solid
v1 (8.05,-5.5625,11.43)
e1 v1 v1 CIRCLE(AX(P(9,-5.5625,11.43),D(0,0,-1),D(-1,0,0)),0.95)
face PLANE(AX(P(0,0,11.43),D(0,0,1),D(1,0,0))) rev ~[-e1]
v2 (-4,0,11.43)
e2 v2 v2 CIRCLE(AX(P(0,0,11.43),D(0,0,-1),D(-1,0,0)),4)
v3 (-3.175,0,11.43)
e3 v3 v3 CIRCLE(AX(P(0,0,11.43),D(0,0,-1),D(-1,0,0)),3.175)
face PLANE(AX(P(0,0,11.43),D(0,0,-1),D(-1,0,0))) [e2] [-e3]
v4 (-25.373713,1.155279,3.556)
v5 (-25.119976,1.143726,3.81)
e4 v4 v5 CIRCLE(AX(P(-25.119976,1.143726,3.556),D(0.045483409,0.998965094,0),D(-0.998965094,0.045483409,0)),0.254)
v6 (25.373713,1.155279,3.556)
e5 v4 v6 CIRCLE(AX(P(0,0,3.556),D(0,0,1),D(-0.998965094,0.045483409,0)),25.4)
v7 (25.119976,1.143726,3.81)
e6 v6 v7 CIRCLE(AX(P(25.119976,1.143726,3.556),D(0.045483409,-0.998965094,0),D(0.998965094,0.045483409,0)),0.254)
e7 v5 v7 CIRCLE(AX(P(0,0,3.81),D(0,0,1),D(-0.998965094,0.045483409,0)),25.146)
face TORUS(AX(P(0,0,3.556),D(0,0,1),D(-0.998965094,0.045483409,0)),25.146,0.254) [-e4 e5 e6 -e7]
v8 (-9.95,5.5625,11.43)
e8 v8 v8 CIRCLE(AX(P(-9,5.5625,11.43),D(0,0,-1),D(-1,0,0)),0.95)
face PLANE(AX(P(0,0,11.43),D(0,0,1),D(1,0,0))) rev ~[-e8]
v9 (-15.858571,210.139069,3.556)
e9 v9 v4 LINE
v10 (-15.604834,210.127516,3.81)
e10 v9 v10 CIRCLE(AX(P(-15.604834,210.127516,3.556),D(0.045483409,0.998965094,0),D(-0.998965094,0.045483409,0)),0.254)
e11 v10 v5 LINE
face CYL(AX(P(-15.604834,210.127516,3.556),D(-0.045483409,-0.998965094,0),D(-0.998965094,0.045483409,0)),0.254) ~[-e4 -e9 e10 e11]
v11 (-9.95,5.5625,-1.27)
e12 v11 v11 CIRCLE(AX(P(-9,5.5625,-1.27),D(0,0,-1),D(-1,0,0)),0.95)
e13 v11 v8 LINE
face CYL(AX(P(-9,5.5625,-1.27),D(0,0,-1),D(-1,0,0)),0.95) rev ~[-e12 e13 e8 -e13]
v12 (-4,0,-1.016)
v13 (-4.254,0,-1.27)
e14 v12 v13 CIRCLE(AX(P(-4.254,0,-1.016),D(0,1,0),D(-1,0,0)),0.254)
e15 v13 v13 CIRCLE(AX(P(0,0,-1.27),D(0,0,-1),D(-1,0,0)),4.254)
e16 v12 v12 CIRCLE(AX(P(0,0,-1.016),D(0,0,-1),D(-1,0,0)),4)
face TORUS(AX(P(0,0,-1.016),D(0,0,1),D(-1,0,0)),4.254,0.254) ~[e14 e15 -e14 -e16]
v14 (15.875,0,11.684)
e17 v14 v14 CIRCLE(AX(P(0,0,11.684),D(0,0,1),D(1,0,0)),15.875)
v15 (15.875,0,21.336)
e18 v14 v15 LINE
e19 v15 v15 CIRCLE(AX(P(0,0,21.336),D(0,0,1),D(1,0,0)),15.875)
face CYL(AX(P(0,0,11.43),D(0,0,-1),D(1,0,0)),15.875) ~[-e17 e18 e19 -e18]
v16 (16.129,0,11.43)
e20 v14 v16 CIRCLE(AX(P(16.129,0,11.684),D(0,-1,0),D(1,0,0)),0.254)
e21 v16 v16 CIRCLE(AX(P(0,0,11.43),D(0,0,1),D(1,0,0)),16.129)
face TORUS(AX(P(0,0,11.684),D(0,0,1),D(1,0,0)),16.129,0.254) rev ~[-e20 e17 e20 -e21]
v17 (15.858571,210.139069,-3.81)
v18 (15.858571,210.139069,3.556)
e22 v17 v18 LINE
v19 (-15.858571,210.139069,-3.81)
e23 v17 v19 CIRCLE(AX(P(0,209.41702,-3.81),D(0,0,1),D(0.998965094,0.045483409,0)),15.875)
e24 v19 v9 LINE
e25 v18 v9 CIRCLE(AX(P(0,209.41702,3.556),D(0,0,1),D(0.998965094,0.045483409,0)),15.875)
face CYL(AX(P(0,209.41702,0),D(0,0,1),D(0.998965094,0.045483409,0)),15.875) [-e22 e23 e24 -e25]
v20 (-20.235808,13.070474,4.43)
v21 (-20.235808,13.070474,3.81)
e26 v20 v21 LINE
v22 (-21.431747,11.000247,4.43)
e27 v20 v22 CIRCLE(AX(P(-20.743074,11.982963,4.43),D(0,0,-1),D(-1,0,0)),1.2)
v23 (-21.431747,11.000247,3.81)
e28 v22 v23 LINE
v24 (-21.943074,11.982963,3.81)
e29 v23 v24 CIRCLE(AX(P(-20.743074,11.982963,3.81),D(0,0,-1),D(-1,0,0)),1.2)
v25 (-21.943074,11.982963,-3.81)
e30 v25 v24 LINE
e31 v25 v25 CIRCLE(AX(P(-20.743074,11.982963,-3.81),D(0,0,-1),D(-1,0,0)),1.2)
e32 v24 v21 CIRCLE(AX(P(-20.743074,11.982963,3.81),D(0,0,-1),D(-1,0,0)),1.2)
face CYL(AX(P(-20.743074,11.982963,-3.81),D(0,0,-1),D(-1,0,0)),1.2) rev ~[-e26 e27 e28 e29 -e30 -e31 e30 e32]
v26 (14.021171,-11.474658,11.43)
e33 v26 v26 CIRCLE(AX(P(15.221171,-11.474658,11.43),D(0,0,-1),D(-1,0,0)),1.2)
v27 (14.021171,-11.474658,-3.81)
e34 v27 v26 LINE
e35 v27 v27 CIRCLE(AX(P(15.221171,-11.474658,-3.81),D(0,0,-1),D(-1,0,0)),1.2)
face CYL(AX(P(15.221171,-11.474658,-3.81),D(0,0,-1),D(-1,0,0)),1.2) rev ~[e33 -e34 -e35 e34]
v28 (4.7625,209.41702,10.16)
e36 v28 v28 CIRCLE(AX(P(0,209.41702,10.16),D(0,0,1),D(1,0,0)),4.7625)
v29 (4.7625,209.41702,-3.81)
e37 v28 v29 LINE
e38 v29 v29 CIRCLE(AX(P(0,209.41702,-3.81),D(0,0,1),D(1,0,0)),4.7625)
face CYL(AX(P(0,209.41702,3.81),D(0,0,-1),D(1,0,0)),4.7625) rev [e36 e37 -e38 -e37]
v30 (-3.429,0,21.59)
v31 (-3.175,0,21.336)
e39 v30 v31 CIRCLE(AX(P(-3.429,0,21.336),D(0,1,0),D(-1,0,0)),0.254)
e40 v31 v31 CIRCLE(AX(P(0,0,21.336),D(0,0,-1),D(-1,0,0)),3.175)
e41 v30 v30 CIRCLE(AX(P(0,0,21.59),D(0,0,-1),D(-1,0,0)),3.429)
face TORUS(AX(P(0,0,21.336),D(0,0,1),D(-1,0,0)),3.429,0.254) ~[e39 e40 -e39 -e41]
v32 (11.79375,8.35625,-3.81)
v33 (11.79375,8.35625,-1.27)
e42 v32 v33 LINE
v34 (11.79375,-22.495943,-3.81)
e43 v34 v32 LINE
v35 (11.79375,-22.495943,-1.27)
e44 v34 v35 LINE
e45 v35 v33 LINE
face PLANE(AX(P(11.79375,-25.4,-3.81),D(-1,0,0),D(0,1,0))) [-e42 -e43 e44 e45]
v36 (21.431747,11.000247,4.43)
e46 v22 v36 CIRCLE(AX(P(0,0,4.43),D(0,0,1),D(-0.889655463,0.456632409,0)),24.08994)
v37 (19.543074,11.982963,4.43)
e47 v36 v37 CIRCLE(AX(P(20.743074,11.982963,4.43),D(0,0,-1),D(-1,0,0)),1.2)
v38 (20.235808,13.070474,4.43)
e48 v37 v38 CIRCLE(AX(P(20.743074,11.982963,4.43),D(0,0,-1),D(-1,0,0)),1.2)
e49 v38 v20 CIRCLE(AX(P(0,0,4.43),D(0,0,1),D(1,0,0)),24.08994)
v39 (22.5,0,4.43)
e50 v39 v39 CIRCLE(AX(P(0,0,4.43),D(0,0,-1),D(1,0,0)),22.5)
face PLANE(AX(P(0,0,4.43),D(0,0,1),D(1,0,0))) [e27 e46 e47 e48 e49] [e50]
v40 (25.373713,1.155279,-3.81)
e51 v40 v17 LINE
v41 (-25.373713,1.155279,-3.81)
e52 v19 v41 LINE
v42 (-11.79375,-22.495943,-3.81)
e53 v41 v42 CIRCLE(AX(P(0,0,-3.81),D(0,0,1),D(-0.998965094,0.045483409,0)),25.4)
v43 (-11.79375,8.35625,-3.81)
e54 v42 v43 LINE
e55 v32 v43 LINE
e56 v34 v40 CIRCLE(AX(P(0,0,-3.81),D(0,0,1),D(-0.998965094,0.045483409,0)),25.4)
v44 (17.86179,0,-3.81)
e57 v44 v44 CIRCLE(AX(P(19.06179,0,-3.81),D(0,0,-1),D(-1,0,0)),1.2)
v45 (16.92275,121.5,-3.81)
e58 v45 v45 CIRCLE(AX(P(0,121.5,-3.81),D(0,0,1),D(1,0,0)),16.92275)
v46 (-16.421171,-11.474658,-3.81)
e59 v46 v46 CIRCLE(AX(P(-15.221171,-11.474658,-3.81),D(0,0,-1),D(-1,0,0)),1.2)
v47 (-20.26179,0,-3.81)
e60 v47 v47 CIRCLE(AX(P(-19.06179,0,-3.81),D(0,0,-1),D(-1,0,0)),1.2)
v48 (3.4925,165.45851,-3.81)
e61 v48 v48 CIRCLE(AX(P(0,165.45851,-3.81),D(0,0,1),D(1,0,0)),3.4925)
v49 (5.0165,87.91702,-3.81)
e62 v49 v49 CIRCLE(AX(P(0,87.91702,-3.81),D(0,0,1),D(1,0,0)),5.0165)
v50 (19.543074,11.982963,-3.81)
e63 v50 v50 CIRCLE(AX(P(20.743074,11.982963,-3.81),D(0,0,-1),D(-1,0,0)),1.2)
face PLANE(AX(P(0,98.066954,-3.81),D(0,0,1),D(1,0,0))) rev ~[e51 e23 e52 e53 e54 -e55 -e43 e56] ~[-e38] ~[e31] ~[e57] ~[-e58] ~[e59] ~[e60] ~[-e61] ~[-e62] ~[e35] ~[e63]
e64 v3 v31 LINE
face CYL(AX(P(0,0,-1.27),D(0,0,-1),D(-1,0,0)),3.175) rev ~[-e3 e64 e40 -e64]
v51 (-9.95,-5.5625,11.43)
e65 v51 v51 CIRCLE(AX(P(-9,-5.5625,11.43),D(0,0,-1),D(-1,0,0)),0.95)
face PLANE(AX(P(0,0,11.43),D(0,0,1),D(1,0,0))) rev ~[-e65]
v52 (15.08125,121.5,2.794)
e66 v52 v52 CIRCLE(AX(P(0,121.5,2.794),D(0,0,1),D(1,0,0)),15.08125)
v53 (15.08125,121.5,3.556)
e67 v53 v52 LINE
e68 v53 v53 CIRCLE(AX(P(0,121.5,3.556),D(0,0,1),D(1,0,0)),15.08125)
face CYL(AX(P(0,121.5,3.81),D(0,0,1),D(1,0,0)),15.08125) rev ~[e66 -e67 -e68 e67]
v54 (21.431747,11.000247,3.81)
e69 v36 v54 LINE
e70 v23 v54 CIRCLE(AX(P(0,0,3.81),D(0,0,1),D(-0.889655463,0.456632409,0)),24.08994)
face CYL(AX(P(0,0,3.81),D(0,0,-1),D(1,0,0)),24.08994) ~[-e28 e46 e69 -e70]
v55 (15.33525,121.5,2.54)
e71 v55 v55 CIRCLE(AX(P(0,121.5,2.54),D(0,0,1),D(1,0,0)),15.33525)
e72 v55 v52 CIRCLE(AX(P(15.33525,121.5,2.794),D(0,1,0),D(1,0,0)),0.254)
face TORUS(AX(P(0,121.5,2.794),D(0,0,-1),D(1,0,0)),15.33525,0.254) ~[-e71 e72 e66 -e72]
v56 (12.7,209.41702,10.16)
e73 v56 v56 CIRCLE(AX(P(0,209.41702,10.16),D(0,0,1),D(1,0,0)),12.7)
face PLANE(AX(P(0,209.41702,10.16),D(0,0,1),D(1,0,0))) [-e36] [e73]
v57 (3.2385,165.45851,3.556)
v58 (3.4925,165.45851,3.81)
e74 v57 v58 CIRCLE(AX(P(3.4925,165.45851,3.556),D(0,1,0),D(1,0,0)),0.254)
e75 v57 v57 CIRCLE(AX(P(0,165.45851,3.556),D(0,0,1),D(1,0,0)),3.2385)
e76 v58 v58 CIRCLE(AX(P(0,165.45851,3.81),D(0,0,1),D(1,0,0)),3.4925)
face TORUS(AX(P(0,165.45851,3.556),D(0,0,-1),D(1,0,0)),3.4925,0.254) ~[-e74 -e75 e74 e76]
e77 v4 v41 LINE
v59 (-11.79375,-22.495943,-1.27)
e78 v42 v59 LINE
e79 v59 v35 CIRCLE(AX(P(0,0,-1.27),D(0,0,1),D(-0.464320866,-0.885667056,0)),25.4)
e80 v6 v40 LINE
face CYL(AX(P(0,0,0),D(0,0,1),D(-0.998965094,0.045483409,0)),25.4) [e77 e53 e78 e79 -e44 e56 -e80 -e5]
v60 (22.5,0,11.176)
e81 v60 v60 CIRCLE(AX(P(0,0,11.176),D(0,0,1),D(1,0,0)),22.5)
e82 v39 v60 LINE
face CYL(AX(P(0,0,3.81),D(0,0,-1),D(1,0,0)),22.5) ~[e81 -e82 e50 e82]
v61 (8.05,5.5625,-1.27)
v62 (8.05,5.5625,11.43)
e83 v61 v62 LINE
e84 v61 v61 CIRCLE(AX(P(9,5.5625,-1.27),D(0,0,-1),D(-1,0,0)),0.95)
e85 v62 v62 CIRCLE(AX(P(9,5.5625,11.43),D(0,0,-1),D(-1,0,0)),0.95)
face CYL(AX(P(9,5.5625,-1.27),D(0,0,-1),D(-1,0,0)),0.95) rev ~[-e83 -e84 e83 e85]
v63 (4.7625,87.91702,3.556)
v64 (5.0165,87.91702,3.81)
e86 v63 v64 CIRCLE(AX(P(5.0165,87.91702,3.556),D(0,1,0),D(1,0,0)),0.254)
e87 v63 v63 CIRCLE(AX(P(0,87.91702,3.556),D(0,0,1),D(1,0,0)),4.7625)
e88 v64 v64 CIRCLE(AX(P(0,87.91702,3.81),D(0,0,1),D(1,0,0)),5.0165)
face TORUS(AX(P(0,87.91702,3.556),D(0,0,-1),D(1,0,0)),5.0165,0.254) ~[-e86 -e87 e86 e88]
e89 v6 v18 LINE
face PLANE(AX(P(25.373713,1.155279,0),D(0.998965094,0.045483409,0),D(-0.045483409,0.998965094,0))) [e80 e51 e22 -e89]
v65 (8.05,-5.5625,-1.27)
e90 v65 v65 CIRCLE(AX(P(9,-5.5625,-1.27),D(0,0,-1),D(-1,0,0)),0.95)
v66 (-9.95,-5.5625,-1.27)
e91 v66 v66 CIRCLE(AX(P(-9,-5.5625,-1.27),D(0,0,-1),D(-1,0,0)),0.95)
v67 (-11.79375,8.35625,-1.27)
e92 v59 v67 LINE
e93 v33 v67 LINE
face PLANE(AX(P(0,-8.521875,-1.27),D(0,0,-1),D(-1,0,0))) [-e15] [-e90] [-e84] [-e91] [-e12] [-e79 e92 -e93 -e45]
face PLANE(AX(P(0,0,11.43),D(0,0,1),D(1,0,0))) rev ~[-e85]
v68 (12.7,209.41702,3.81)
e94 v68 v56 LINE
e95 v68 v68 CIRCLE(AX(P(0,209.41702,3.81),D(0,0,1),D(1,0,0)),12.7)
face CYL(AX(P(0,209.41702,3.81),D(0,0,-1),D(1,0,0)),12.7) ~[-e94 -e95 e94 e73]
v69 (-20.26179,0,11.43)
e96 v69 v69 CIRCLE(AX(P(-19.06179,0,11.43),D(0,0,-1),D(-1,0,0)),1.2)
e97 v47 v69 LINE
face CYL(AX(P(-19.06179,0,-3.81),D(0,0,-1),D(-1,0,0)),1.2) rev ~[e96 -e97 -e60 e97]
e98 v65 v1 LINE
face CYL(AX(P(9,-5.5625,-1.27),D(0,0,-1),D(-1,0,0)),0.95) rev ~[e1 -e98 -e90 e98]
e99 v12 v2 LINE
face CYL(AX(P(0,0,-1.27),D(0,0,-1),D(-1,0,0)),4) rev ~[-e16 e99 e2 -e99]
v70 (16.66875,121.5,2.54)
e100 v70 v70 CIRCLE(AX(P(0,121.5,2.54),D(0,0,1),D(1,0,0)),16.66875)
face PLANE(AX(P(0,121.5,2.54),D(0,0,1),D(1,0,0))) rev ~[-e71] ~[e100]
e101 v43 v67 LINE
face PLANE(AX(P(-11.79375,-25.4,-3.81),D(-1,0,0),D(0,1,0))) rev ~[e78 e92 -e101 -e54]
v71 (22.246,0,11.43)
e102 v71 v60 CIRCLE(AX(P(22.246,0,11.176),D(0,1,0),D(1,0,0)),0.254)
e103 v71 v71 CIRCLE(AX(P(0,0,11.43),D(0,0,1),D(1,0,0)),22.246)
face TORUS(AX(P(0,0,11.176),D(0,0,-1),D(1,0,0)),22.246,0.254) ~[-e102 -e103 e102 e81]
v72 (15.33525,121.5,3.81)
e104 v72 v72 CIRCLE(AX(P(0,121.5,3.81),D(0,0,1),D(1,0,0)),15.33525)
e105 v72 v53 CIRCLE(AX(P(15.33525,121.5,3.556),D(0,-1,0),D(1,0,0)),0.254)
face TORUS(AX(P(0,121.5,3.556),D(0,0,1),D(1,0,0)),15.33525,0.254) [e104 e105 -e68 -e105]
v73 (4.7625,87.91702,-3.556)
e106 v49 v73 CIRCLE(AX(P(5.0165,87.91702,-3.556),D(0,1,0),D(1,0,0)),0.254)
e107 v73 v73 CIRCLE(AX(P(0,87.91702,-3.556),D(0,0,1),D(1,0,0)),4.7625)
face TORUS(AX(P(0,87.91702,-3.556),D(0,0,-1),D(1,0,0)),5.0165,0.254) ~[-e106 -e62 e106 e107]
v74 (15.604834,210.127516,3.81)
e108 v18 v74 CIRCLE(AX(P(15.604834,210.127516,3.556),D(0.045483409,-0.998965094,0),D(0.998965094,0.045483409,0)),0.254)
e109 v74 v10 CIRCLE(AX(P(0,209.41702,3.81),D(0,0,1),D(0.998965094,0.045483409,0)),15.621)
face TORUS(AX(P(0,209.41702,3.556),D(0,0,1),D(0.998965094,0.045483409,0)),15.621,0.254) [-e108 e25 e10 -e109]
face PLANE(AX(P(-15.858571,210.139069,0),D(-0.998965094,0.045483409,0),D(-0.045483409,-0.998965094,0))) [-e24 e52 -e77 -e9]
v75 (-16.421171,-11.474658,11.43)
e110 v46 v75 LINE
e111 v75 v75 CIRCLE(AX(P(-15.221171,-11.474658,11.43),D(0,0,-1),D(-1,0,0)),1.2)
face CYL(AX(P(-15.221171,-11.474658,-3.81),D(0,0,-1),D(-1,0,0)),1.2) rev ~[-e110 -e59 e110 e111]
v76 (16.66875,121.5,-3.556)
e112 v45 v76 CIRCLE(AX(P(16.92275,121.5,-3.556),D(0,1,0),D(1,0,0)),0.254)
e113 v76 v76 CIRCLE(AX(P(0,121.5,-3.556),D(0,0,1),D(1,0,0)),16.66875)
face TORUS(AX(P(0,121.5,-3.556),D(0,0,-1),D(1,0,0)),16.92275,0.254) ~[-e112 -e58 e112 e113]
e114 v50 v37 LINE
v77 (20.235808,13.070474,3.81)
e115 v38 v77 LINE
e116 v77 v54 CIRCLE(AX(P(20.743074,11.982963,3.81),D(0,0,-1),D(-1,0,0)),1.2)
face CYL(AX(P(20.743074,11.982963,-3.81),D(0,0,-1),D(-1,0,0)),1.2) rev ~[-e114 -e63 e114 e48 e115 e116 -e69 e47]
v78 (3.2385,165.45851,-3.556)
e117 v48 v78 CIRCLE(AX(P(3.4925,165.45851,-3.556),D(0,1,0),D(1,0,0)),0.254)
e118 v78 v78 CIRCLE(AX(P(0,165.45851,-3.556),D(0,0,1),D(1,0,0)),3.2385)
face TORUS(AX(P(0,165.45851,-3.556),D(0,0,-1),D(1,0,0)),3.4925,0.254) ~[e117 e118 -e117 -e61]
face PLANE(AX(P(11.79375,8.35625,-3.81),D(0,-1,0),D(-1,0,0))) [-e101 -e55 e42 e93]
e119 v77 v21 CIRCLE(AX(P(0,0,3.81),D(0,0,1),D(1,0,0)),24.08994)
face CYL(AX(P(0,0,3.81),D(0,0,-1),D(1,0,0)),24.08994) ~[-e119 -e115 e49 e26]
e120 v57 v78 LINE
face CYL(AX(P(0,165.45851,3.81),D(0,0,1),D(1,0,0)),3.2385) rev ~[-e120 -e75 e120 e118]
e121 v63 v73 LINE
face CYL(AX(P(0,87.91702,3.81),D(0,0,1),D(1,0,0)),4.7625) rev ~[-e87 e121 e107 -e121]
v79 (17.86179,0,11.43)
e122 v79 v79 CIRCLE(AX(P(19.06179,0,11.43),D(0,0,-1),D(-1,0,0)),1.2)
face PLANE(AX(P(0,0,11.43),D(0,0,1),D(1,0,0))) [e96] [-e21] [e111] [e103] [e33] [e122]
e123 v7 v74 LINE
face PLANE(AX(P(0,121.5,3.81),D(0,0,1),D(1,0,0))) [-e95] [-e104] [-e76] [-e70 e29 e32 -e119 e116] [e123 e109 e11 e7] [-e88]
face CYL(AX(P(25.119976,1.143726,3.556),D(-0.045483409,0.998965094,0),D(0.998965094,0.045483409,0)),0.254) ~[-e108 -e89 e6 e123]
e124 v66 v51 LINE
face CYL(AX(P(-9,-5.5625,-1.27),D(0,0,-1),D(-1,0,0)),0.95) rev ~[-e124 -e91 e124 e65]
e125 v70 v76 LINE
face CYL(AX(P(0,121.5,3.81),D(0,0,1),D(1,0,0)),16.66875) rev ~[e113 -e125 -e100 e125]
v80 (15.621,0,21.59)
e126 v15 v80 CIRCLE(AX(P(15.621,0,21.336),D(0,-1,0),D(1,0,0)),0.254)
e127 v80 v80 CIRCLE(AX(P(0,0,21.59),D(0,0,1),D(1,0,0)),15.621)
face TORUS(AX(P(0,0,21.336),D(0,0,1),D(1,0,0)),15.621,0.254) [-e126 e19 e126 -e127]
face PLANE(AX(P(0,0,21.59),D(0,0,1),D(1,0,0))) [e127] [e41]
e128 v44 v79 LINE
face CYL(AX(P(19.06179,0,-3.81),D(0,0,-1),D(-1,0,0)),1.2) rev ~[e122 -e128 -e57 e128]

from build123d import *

# Parameters (mm, degrees)
SKETCH1_R               = 4.7625
BOSS_EXTRUDE1_DEPTH     = 3.81
SKETCH2_R               = 22.5
BOSS_EXTRUDE2_DEPTH     = 7.62
SKETCH3_R               = 24.08993992
BOSS_EXTRUDE3_DEPTH     = 0.62
SKETCH4_R               = 4.7625
SKETCH4_R_2             = 16.66875
CUT_EXTRUDE1_DEPTH      = 8.62
CUT_EXTRUDE1_DEPTH_BACK = 8.62
SKETCH6_R               = 16.66875
SKETCH6_R_2             = 15.08125
BOSS_EXTRUDE4_DEPTH     = 1.27
SKETCH7_W               = 23.5875
SKETCH7_H               = 33.75625
CUT_EXTRUDE2_DEPTH      = 2.54
SKETCH8_R               = 0.95
CUT_EXTRUDE3_DEPTH      = 13.7
SKETCH9_R               = 12.7
SKETCH9_R_2             = 4.7625
BOSS_EXTRUDE5_DEPTH     = 6.35
SKETCH10_R              = 15.875
BOSS_EXTRUDE6_DEPTH     = 10.16
SKETCH11_R              = 1.2
CUT_EXTRUDE4_DEPTH      = 1
CUT_EXTRUDE4_DEPTH_BACK = 26.4
SKETCH12_R              = 3.2385
CUT_EXTRUDE5_DEPTH      = 8.62
SKETCH13_R              = 3.175
CUT_EXTRUDE6_DEPTH      = 3.54
CUT_EXTRUDE6_DEPTH_BACK = 23.86
SKETCH14_R              = 4
CUT_EXTRUDE7_DEPTH      = 12.7
FILLET1_R               = 0.254


with BuildPart() as part:
    # Sketch1 → Boss-Extrude1 (new body, symmetric)
    with BuildSketch(Plane.XY):
        with BuildLine():
            Line((25.373713394, 1.155278592), (15.858570871, 210.139069198))
            ThreePointArc((15.858570871, 210.139069198), (0, 225.292020078), (-15.858570871, 210.139069198))
            Line((-15.858570871, 210.139069198), (-25.373713394, 1.155278592))
            ThreePointArc((-25.373713394, 1.155278592), (0, -25.4), (25.373713394, 1.155278592))
        make_face()
        with Locations((0, 209.417020078)):
            Circle(SKETCH1_R, mode=Mode.SUBTRACT)
    extrude(amount=BOSS_EXTRUDE1_DEPTH, both=True)

    # Sketch2 → Boss-Extrude2 (add)
    with BuildSketch(Plane.XY.offset(3.81)):
        Circle(SKETCH2_R)
    extrude(amount=BOSS_EXTRUDE2_DEPTH)

    # Sketch3 → Boss-Extrude3 (add)
    with BuildSketch(Plane.XY.offset(3.81)):
        Circle(SKETCH3_R)
    extrude(amount=BOSS_EXTRUDE3_DEPTH)

    # Sketch4 → Cut-Extrude1 (cut, two sides)
    with BuildSketch(Plane.XY.offset(3.81)) as cut_extrude1_sk:
        with Locations((0, 87.91702)):
            Circle(SKETCH4_R)
        with Locations((0, 121.500000078)):
            Circle(SKETCH4_R_2)
    extrude(amount=CUT_EXTRUDE1_DEPTH, mode=Mode.SUBTRACT)
    extrude(cut_extrude1_sk.sketch, amount=-CUT_EXTRUDE1_DEPTH_BACK, mode=Mode.SUBTRACT)

    # Sketch6 → Boss-Extrude4 (add)
    with BuildSketch(Plane.XY.offset(3.81)):
        with Locations((0, 121.500000078)):
            Circle(SKETCH6_R)
        with Locations((0, 121.500000078)):
            Circle(SKETCH6_R_2, mode=Mode.SUBTRACT)
    extrude(amount=-BOSS_EXTRUDE4_DEPTH)

    # Sketch7 → Cut-Extrude2 (cut)
    with BuildSketch(Plane(origin=(0, 0, -3.81), x_dir=(-1, 0, 0), z_dir=(0, 0, -1))):
        with Locations((0, -8.521875)):
            Rectangle(SKETCH7_W, SKETCH7_H)
    extrude(amount=-CUT_EXTRUDE2_DEPTH, mode=Mode.SUBTRACT)

    # Sketch8 → Cut-Extrude3 (cut, through all)
    with BuildSketch(Plane(origin=(0, 0, -1.27), x_dir=(-1, 0, 0), z_dir=(0, 0, -1))):
        with Locations((-9, 5.5625)):
            Circle(SKETCH8_R)
        with Locations((9, 5.5625)):
            Circle(SKETCH8_R)
        with Locations((9, -5.5625)):
            Circle(SKETCH8_R)
        with Locations((-9, -5.5625)):
            Circle(SKETCH8_R)
    extrude(amount=-CUT_EXTRUDE3_DEPTH, mode=Mode.SUBTRACT)

    # Sketch9 → Boss-Extrude5 (add)
    with BuildSketch(Plane.XY.offset(3.81)):
        with Locations((0, 209.417020078)):
            Circle(SKETCH9_R)
        with Locations((0, 209.417020078)):
            Circle(SKETCH9_R_2, mode=Mode.SUBTRACT)
    extrude(amount=BOSS_EXTRUDE5_DEPTH)

    # Sketch10 → Boss-Extrude6 (add)
    with BuildSketch(Plane.XY.offset(11.43)):
        Circle(SKETCH10_R)
    extrude(amount=BOSS_EXTRUDE6_DEPTH)

    # Sketch11 → Cut-Extrude4 (cut, two sides)
    with BuildSketch(Plane(origin=(0, 0, -3.81), x_dir=(-1, 0, 0), z_dir=(0, 0, -1))) as cut_extrude4_sk:
        with Locations((-20.743073922, 11.982962866)):
            Circle(SKETCH11_R)
        with Locations((20.743073922, 11.982962866)):
            Circle(SKETCH11_R)
        with Locations((19.061789704, 0)):
            Circle(SKETCH11_R)
        with Locations((15.221171432, -11.474657597)):
            Circle(SKETCH11_R)
        with Locations((-15.221171432, -11.474657597)):
            Circle(SKETCH11_R)
        with Locations((-19.061789704, 0)):
            Circle(SKETCH11_R)
    extrude(amount=CUT_EXTRUDE4_DEPTH, mode=Mode.SUBTRACT)
    extrude(cut_extrude4_sk.sketch, amount=-CUT_EXTRUDE4_DEPTH_BACK, mode=Mode.SUBTRACT)

    # Sketch12 → Cut-Extrude5 (cut, through all)
    with BuildSketch(Plane.XY.offset(3.81)):
        with Locations((0, 165.458510078)):
            Circle(SKETCH12_R)
    extrude(amount=-CUT_EXTRUDE5_DEPTH, mode=Mode.SUBTRACT)

    # Sketch13 → Cut-Extrude6 (cut, two sides)
    with BuildSketch(Plane(origin=(0, 0, -1.27), x_dir=(-1, 0, 0), z_dir=(0, 0, -1))) as cut_extrude6_sk:
        Circle(SKETCH13_R)
    extrude(amount=CUT_EXTRUDE6_DEPTH, mode=Mode.SUBTRACT)
    extrude(cut_extrude6_sk.sketch, amount=-CUT_EXTRUDE6_DEPTH_BACK, mode=Mode.SUBTRACT)

    # Sketch14 → Cut-Extrude7 (cut)
    with BuildSketch(Plane(origin=(0, 0, -1.27), x_dir=(-1, 0, 0), z_dir=(0, 0, -1))):
        Circle(SKETCH14_R)
    extrude(amount=-CUT_EXTRUDE7_DEPTH, mode=Mode.SUBTRACT)

    # Fillet1
    fillet1_edges = [part.edges().sort_by_distance(p)[0] for p in [
        (0, -25.4, 3.81),
        (-3.2385, 165.458510078, -3.81),
        (-3.2385, 165.458510078, 3.81),
        (3.175, 0, 21.59),
        (4, 0, -1.27),
        (20.616142132, 105.647173895, 3.81),
        (-22.5, 0, 11.43),
        (-4.7625, 87.91702, -3.81),
        (-4.7625, 87.91702, 3.81),
        (-16.66875, 121.500000078, -3.81),
        (-15.08125, 121.500000078, 3.81),
        (-15.08125, 121.500000078, 2.54),
        (0, 225.292020078, 3.81),
        (-20.616142132, 105.647173895, 3.81),
        (-15.875, 0, 11.43),
        (-15.875, 0, 21.59),
    ]]
    fillet(fillet1_edges, radius=FILLET1_R)


solid = part.part
